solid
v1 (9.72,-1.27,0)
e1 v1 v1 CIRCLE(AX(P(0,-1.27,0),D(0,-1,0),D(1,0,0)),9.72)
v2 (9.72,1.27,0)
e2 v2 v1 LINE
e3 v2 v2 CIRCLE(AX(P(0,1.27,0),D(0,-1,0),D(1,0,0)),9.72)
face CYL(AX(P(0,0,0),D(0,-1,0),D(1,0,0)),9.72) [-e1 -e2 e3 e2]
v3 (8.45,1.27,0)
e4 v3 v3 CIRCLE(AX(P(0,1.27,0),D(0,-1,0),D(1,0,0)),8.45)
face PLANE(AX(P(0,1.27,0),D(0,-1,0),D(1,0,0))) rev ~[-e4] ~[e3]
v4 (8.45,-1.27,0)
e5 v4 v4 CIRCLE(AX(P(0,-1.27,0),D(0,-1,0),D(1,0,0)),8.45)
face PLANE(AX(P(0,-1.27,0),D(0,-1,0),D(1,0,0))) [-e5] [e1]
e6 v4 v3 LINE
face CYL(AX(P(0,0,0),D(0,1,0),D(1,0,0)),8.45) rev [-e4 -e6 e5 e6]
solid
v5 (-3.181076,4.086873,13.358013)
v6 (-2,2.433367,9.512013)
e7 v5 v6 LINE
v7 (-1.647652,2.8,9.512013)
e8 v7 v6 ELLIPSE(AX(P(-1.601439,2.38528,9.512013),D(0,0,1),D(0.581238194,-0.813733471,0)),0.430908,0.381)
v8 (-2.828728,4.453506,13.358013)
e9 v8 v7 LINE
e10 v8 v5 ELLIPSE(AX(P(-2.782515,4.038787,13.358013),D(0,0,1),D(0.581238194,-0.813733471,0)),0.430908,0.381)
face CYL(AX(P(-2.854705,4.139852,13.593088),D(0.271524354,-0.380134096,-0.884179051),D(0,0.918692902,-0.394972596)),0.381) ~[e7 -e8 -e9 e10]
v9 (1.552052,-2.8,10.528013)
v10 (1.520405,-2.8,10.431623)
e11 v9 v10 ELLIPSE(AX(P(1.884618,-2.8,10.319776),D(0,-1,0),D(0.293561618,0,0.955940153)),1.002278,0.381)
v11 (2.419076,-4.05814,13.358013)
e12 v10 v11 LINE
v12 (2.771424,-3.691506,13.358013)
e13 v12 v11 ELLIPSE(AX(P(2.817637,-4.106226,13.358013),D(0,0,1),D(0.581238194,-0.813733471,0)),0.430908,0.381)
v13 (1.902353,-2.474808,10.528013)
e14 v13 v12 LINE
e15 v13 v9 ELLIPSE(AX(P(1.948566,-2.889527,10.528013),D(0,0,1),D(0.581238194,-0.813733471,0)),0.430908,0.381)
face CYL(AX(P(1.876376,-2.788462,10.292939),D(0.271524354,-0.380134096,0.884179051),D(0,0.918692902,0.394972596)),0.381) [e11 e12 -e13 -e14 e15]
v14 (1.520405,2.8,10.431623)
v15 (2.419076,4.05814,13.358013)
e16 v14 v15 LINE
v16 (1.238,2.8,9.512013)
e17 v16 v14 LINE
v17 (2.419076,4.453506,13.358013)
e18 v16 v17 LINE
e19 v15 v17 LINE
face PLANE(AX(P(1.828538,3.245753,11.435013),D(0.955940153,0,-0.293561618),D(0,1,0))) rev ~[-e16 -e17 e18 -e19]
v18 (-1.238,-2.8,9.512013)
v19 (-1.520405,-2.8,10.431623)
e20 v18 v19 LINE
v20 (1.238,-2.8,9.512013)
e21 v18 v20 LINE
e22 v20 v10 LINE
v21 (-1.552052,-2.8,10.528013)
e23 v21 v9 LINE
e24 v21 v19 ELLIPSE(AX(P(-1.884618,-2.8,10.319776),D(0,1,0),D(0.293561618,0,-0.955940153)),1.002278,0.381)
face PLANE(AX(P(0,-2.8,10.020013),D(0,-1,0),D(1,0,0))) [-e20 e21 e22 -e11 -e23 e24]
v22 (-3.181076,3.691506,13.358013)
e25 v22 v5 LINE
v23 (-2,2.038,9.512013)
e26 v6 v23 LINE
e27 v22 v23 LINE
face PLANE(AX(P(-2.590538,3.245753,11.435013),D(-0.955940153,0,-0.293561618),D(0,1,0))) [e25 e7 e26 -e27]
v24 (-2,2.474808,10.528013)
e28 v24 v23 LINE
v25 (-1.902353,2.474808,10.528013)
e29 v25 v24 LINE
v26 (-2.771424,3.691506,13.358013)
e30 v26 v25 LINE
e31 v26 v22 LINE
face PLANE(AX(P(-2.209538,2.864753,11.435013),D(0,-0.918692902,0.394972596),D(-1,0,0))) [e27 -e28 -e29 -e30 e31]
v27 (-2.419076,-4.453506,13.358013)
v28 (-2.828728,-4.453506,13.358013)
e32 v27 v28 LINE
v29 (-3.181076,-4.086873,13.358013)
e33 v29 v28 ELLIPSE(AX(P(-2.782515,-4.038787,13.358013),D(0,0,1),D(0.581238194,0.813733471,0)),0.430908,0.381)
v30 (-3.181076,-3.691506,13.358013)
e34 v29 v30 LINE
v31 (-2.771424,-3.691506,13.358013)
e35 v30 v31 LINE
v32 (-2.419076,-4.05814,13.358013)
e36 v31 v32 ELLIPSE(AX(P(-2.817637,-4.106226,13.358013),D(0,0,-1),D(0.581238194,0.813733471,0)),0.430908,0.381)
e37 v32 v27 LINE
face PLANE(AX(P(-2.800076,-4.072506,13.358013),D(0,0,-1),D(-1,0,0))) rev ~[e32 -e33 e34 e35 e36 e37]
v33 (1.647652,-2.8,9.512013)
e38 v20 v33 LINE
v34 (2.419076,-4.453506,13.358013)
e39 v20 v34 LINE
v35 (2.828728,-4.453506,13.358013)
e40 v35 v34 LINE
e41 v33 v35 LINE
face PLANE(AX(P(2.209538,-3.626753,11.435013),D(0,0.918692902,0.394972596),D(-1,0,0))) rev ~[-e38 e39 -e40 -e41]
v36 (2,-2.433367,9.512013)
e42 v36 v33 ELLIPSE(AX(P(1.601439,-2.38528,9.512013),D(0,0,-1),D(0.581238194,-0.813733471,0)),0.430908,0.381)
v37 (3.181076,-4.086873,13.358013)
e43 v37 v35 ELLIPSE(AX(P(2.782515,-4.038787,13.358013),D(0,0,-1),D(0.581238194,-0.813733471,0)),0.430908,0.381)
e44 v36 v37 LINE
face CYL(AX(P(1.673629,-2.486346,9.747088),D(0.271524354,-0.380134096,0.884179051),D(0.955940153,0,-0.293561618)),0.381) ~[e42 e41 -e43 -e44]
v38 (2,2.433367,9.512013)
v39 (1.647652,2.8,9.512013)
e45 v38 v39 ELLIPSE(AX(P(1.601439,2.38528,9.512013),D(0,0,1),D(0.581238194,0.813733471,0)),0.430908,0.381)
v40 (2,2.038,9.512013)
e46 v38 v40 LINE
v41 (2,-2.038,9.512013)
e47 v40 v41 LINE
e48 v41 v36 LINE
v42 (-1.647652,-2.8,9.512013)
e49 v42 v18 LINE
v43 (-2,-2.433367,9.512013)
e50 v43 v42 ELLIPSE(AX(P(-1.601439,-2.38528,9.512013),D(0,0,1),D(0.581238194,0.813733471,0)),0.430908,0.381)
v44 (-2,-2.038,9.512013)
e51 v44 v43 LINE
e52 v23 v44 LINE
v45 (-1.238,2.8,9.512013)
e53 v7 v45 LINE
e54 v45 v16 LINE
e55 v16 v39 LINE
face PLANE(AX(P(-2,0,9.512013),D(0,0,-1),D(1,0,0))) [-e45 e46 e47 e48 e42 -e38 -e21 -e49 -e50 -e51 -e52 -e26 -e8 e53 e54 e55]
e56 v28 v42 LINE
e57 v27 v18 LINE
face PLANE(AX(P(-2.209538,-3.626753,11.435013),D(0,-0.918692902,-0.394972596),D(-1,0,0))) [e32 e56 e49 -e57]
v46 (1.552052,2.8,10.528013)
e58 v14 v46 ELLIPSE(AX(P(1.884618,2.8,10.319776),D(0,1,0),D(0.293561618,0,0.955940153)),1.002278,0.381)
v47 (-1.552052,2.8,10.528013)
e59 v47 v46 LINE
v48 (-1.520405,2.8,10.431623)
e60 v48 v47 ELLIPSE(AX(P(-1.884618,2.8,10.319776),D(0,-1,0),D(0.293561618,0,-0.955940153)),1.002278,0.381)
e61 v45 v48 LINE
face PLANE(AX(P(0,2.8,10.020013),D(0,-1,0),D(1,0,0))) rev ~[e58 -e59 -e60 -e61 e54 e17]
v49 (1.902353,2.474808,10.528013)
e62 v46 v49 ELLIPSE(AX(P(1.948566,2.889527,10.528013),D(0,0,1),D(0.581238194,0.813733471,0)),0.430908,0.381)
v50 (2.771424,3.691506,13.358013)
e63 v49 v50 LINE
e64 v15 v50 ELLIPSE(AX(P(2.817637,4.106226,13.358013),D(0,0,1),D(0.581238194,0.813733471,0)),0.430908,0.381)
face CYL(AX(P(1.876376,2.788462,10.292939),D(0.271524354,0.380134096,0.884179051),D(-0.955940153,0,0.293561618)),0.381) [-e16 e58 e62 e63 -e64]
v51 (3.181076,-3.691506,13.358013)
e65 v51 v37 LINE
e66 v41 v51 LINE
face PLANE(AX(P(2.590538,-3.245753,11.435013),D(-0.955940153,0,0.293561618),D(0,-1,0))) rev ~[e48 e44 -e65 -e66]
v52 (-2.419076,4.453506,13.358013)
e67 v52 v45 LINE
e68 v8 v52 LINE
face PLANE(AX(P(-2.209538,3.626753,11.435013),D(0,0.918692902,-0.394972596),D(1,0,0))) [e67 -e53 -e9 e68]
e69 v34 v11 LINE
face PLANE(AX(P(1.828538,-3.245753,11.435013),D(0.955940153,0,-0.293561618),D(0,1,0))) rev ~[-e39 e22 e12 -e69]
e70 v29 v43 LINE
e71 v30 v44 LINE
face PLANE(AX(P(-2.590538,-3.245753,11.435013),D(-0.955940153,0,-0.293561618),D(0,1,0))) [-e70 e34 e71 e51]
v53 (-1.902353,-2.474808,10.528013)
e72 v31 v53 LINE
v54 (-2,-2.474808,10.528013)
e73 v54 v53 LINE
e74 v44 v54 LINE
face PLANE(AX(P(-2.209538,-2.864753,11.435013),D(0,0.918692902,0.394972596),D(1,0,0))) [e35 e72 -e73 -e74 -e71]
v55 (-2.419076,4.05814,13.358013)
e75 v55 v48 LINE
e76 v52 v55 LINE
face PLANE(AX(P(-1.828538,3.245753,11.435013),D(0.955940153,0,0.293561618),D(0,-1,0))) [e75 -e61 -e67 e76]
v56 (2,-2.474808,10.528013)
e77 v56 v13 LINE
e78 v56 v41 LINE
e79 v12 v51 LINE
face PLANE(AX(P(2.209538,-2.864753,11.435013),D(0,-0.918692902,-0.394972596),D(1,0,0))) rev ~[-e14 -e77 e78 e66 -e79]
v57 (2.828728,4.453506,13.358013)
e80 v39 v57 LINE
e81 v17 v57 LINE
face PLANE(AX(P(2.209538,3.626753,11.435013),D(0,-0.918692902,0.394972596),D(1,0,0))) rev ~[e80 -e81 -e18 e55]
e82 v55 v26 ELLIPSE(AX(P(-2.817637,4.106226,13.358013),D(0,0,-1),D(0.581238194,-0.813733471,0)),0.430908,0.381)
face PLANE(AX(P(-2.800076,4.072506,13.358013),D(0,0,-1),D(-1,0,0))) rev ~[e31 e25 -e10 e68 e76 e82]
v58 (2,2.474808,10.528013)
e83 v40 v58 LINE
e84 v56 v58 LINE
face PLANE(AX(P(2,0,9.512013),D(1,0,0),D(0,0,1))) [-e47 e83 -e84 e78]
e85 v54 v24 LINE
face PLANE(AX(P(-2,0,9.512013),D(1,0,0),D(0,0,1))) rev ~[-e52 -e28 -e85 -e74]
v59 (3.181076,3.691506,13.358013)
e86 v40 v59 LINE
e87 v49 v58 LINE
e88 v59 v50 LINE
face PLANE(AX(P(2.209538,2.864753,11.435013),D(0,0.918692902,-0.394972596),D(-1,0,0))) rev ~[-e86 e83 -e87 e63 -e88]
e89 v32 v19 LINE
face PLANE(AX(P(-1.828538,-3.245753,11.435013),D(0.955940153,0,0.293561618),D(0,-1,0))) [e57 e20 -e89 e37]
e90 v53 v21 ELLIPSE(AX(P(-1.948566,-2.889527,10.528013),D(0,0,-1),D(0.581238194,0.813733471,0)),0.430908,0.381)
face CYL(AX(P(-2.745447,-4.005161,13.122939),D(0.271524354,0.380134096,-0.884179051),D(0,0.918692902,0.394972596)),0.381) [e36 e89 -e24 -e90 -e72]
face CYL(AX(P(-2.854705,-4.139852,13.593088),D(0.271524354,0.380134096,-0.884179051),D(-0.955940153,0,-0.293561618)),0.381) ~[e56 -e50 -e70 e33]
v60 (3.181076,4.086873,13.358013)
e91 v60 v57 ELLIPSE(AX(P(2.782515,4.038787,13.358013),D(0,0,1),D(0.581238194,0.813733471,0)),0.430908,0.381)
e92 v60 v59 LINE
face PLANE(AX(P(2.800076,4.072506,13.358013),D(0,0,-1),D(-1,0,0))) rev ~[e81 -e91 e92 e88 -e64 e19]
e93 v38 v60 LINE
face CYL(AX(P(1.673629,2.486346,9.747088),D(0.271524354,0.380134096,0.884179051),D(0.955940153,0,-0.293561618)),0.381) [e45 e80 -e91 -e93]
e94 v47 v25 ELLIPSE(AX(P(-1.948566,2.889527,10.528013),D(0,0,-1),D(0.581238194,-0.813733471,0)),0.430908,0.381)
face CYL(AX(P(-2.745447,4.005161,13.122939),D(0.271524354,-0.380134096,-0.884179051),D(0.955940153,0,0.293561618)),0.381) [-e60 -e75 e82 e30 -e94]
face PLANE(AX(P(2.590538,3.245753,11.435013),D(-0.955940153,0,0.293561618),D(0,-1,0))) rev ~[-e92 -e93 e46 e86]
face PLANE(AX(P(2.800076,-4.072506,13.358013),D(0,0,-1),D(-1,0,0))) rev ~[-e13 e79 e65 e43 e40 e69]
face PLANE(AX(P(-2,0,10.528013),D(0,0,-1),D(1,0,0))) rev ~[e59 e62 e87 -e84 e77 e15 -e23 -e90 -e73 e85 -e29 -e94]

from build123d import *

# Parameters (mm, degrees)
F0_R     = 9.72
F0_R_2   = 8.45
F1_DEPTH = 1.27
F2_W     = 4
F2_H     = 1.016
F3_DEPTH = 2.8
F5_W     = 0.762
F5_H     = 0.762
F9_W     = 0.762
F9_H     = 0.762
F10_W    = 0.762
F10_H    = 0.762
F8_W     = 0.762
F8_H     = 0.762
F18_R    = 0.381


with BuildPart() as f1:
    # F0 (on Front) → F1 (new body, symmetric)
    with BuildSketch(Plane.XZ):
        Circle(F0_R)
        Circle(F0_R_2, mode=Mode.SUBTRACT)
    extrude(amount=F1_DEPTH, both=True)


with BuildPart() as f3:
    # F2 (on Front) → F3 (new body, symmetric)
    with BuildSketch(Plane.XZ):
        with Locations((0, 10.0200134567)):
            Rectangle(F2_W, F2_H)
    extrude(amount=F3_DEPTH, both=True)

    # F7: sweep along a path in F6
    with BuildLine(Plane(origin=(0, 0, 0), x_dir=(-0.5812381937, -0.8137334712, 0), z_dir=(-0.8137334712, 0.5812381937, 0))) as f7_path:
        Line((-3.4409301068, 9.5120134567), (-5.4729301068, 13.3580134567))
    # F5 (on face) → F7 (sweep)
    with BuildSketch(Plane(origin=(0, 0, 9.5120134567), x_dir=(1, 0, 0), z_dir=(0, 0, -1))):
        with Locations((1.619, -2.419)):
            Rectangle(F5_W, F5_H)
    sweep(path=f7_path.line)

    # F12: sweep along a path in F11
    with BuildLine(Plane(origin=(0, 0, 0), x_dir=(-0.5812381937, -0.8137334712, 0), z_dir=(-0.8137334712, 0.5812381937, 0))) as f12_path:
        Line((5.4729301068, 13.3580134567), (3.4409301068, 9.5120134567))
    # F9 (on face) → F12 (sweep)
    with BuildSketch(Plane(origin=(0, 0, 9.5120134567), x_dir=(1, 0, 0), z_dir=(0, 0, -1))):
        with Locations((-1.619, 2.419)):
            Rectangle(F9_W, F9_H)
    sweep(path=f12_path.line)

    # F15: sweep along a path in F14
    with BuildLine(Plane(origin=(0, 0, 0), x_dir=(0.5812381937, -0.8137334712, 0), z_dir=(-0.8137334712, -0.5812381937, 0))) as f15_path:
        Line((3.4409301068, 9.5120134567), (5.4729301068, 13.3580134567))
    # F10 (on face) → F15 (sweep)
    with BuildSketch(Plane(origin=(0, 0, 9.5120134567), x_dir=(1, 0, 0), z_dir=(0, 0, -1))):
        with Locations((1.619, 2.419)):
            Rectangle(F10_W, F10_H)
    sweep(path=f15_path.line)

    # F17: sweep along a path in F16
    with BuildLine(Plane(origin=(0, 0, 0), x_dir=(0.5812381937, -0.8137334712, 0), z_dir=(-0.8137334712, -0.5812381937, 0))) as f17_path:
        Line((-5.4729301068, 13.3580134567), (-3.4409301068, 9.5120134567))
    # F8 (on face) → F17 (sweep)
    with BuildSketch(Plane(origin=(0, 0, 9.5120134567), x_dir=(1, 0, 0), z_dir=(0, 0, -1))):
        with Locations((-1.619, -2.419)):
            Rectangle(F8_W, F8_H)
    sweep(path=f17_path.line)

    # F18 (call 1 of 8: OpenCascade refuses the feature's edges together)
    f18_edges = [f3.edges().sort_by_distance(p)[0] for p in [
        (-1.984541, -3.083157, 11.943013),
    ]]
    fillet(f18_edges, radius=F18_R)

    # F18#2 (call 2 of 8)
    f18_2_edges = [f3.edges().sort_by_distance(p)[0] for p in [
        (1.984541, 3.083157, 11.943013),
    ]]
    fillet(f18_2_edges, radius=F18_R)

    # F18#3 (call 3 of 8)
    f18_3_edges = [f3.edges().sort_by_distance(p)[0] for p in [
        (-2.590538, -3.626753, 11.435013),
    ]]
    fillet(f18_3_edges, radius=F18_R)

    # F18#4 (call 4 of 8)
    f18_4_edges = [f3.edges().sort_by_distance(p)[0] for p in [
        (2.590538, 3.626753, 11.435013),
    ]]
    fillet(f18_4_edges, radius=F18_R)

    # F18#5 (call 5 of 8)
    f18_5_edges = [f3.edges().sort_by_distance(p)[0] for p in [
        (-2.590538, 3.626753, 11.435013),
    ]]
    fillet(f18_5_edges, radius=F18_R)

    # F18#6 (call 6 of 8)
    f18_6_edges = [f3.edges().sort_by_distance(p)[0] for p in [
        (1.984541, -3.083157, 11.943013),
    ]]
    fillet(f18_6_edges, radius=F18_R)

    # F18#7 (call 7 of 8)
    f18_7_edges = [f3.edges().sort_by_distance(p)[0] for p in [
        (-1.984541, 3.083157, 11.943013),
    ]]
    fillet(f18_7_edges, radius=F18_R)

    # F18#8 (call 8 of 8)
    f18_8_edges = [f3.edges().sort_by_distance(p)[0] for p in [
        (2.590538, -3.626753, 11.435013),
    ]]
    fillet(f18_8_edges, radius=F18_R)


solid = Compound([f1.part, f3.part])
